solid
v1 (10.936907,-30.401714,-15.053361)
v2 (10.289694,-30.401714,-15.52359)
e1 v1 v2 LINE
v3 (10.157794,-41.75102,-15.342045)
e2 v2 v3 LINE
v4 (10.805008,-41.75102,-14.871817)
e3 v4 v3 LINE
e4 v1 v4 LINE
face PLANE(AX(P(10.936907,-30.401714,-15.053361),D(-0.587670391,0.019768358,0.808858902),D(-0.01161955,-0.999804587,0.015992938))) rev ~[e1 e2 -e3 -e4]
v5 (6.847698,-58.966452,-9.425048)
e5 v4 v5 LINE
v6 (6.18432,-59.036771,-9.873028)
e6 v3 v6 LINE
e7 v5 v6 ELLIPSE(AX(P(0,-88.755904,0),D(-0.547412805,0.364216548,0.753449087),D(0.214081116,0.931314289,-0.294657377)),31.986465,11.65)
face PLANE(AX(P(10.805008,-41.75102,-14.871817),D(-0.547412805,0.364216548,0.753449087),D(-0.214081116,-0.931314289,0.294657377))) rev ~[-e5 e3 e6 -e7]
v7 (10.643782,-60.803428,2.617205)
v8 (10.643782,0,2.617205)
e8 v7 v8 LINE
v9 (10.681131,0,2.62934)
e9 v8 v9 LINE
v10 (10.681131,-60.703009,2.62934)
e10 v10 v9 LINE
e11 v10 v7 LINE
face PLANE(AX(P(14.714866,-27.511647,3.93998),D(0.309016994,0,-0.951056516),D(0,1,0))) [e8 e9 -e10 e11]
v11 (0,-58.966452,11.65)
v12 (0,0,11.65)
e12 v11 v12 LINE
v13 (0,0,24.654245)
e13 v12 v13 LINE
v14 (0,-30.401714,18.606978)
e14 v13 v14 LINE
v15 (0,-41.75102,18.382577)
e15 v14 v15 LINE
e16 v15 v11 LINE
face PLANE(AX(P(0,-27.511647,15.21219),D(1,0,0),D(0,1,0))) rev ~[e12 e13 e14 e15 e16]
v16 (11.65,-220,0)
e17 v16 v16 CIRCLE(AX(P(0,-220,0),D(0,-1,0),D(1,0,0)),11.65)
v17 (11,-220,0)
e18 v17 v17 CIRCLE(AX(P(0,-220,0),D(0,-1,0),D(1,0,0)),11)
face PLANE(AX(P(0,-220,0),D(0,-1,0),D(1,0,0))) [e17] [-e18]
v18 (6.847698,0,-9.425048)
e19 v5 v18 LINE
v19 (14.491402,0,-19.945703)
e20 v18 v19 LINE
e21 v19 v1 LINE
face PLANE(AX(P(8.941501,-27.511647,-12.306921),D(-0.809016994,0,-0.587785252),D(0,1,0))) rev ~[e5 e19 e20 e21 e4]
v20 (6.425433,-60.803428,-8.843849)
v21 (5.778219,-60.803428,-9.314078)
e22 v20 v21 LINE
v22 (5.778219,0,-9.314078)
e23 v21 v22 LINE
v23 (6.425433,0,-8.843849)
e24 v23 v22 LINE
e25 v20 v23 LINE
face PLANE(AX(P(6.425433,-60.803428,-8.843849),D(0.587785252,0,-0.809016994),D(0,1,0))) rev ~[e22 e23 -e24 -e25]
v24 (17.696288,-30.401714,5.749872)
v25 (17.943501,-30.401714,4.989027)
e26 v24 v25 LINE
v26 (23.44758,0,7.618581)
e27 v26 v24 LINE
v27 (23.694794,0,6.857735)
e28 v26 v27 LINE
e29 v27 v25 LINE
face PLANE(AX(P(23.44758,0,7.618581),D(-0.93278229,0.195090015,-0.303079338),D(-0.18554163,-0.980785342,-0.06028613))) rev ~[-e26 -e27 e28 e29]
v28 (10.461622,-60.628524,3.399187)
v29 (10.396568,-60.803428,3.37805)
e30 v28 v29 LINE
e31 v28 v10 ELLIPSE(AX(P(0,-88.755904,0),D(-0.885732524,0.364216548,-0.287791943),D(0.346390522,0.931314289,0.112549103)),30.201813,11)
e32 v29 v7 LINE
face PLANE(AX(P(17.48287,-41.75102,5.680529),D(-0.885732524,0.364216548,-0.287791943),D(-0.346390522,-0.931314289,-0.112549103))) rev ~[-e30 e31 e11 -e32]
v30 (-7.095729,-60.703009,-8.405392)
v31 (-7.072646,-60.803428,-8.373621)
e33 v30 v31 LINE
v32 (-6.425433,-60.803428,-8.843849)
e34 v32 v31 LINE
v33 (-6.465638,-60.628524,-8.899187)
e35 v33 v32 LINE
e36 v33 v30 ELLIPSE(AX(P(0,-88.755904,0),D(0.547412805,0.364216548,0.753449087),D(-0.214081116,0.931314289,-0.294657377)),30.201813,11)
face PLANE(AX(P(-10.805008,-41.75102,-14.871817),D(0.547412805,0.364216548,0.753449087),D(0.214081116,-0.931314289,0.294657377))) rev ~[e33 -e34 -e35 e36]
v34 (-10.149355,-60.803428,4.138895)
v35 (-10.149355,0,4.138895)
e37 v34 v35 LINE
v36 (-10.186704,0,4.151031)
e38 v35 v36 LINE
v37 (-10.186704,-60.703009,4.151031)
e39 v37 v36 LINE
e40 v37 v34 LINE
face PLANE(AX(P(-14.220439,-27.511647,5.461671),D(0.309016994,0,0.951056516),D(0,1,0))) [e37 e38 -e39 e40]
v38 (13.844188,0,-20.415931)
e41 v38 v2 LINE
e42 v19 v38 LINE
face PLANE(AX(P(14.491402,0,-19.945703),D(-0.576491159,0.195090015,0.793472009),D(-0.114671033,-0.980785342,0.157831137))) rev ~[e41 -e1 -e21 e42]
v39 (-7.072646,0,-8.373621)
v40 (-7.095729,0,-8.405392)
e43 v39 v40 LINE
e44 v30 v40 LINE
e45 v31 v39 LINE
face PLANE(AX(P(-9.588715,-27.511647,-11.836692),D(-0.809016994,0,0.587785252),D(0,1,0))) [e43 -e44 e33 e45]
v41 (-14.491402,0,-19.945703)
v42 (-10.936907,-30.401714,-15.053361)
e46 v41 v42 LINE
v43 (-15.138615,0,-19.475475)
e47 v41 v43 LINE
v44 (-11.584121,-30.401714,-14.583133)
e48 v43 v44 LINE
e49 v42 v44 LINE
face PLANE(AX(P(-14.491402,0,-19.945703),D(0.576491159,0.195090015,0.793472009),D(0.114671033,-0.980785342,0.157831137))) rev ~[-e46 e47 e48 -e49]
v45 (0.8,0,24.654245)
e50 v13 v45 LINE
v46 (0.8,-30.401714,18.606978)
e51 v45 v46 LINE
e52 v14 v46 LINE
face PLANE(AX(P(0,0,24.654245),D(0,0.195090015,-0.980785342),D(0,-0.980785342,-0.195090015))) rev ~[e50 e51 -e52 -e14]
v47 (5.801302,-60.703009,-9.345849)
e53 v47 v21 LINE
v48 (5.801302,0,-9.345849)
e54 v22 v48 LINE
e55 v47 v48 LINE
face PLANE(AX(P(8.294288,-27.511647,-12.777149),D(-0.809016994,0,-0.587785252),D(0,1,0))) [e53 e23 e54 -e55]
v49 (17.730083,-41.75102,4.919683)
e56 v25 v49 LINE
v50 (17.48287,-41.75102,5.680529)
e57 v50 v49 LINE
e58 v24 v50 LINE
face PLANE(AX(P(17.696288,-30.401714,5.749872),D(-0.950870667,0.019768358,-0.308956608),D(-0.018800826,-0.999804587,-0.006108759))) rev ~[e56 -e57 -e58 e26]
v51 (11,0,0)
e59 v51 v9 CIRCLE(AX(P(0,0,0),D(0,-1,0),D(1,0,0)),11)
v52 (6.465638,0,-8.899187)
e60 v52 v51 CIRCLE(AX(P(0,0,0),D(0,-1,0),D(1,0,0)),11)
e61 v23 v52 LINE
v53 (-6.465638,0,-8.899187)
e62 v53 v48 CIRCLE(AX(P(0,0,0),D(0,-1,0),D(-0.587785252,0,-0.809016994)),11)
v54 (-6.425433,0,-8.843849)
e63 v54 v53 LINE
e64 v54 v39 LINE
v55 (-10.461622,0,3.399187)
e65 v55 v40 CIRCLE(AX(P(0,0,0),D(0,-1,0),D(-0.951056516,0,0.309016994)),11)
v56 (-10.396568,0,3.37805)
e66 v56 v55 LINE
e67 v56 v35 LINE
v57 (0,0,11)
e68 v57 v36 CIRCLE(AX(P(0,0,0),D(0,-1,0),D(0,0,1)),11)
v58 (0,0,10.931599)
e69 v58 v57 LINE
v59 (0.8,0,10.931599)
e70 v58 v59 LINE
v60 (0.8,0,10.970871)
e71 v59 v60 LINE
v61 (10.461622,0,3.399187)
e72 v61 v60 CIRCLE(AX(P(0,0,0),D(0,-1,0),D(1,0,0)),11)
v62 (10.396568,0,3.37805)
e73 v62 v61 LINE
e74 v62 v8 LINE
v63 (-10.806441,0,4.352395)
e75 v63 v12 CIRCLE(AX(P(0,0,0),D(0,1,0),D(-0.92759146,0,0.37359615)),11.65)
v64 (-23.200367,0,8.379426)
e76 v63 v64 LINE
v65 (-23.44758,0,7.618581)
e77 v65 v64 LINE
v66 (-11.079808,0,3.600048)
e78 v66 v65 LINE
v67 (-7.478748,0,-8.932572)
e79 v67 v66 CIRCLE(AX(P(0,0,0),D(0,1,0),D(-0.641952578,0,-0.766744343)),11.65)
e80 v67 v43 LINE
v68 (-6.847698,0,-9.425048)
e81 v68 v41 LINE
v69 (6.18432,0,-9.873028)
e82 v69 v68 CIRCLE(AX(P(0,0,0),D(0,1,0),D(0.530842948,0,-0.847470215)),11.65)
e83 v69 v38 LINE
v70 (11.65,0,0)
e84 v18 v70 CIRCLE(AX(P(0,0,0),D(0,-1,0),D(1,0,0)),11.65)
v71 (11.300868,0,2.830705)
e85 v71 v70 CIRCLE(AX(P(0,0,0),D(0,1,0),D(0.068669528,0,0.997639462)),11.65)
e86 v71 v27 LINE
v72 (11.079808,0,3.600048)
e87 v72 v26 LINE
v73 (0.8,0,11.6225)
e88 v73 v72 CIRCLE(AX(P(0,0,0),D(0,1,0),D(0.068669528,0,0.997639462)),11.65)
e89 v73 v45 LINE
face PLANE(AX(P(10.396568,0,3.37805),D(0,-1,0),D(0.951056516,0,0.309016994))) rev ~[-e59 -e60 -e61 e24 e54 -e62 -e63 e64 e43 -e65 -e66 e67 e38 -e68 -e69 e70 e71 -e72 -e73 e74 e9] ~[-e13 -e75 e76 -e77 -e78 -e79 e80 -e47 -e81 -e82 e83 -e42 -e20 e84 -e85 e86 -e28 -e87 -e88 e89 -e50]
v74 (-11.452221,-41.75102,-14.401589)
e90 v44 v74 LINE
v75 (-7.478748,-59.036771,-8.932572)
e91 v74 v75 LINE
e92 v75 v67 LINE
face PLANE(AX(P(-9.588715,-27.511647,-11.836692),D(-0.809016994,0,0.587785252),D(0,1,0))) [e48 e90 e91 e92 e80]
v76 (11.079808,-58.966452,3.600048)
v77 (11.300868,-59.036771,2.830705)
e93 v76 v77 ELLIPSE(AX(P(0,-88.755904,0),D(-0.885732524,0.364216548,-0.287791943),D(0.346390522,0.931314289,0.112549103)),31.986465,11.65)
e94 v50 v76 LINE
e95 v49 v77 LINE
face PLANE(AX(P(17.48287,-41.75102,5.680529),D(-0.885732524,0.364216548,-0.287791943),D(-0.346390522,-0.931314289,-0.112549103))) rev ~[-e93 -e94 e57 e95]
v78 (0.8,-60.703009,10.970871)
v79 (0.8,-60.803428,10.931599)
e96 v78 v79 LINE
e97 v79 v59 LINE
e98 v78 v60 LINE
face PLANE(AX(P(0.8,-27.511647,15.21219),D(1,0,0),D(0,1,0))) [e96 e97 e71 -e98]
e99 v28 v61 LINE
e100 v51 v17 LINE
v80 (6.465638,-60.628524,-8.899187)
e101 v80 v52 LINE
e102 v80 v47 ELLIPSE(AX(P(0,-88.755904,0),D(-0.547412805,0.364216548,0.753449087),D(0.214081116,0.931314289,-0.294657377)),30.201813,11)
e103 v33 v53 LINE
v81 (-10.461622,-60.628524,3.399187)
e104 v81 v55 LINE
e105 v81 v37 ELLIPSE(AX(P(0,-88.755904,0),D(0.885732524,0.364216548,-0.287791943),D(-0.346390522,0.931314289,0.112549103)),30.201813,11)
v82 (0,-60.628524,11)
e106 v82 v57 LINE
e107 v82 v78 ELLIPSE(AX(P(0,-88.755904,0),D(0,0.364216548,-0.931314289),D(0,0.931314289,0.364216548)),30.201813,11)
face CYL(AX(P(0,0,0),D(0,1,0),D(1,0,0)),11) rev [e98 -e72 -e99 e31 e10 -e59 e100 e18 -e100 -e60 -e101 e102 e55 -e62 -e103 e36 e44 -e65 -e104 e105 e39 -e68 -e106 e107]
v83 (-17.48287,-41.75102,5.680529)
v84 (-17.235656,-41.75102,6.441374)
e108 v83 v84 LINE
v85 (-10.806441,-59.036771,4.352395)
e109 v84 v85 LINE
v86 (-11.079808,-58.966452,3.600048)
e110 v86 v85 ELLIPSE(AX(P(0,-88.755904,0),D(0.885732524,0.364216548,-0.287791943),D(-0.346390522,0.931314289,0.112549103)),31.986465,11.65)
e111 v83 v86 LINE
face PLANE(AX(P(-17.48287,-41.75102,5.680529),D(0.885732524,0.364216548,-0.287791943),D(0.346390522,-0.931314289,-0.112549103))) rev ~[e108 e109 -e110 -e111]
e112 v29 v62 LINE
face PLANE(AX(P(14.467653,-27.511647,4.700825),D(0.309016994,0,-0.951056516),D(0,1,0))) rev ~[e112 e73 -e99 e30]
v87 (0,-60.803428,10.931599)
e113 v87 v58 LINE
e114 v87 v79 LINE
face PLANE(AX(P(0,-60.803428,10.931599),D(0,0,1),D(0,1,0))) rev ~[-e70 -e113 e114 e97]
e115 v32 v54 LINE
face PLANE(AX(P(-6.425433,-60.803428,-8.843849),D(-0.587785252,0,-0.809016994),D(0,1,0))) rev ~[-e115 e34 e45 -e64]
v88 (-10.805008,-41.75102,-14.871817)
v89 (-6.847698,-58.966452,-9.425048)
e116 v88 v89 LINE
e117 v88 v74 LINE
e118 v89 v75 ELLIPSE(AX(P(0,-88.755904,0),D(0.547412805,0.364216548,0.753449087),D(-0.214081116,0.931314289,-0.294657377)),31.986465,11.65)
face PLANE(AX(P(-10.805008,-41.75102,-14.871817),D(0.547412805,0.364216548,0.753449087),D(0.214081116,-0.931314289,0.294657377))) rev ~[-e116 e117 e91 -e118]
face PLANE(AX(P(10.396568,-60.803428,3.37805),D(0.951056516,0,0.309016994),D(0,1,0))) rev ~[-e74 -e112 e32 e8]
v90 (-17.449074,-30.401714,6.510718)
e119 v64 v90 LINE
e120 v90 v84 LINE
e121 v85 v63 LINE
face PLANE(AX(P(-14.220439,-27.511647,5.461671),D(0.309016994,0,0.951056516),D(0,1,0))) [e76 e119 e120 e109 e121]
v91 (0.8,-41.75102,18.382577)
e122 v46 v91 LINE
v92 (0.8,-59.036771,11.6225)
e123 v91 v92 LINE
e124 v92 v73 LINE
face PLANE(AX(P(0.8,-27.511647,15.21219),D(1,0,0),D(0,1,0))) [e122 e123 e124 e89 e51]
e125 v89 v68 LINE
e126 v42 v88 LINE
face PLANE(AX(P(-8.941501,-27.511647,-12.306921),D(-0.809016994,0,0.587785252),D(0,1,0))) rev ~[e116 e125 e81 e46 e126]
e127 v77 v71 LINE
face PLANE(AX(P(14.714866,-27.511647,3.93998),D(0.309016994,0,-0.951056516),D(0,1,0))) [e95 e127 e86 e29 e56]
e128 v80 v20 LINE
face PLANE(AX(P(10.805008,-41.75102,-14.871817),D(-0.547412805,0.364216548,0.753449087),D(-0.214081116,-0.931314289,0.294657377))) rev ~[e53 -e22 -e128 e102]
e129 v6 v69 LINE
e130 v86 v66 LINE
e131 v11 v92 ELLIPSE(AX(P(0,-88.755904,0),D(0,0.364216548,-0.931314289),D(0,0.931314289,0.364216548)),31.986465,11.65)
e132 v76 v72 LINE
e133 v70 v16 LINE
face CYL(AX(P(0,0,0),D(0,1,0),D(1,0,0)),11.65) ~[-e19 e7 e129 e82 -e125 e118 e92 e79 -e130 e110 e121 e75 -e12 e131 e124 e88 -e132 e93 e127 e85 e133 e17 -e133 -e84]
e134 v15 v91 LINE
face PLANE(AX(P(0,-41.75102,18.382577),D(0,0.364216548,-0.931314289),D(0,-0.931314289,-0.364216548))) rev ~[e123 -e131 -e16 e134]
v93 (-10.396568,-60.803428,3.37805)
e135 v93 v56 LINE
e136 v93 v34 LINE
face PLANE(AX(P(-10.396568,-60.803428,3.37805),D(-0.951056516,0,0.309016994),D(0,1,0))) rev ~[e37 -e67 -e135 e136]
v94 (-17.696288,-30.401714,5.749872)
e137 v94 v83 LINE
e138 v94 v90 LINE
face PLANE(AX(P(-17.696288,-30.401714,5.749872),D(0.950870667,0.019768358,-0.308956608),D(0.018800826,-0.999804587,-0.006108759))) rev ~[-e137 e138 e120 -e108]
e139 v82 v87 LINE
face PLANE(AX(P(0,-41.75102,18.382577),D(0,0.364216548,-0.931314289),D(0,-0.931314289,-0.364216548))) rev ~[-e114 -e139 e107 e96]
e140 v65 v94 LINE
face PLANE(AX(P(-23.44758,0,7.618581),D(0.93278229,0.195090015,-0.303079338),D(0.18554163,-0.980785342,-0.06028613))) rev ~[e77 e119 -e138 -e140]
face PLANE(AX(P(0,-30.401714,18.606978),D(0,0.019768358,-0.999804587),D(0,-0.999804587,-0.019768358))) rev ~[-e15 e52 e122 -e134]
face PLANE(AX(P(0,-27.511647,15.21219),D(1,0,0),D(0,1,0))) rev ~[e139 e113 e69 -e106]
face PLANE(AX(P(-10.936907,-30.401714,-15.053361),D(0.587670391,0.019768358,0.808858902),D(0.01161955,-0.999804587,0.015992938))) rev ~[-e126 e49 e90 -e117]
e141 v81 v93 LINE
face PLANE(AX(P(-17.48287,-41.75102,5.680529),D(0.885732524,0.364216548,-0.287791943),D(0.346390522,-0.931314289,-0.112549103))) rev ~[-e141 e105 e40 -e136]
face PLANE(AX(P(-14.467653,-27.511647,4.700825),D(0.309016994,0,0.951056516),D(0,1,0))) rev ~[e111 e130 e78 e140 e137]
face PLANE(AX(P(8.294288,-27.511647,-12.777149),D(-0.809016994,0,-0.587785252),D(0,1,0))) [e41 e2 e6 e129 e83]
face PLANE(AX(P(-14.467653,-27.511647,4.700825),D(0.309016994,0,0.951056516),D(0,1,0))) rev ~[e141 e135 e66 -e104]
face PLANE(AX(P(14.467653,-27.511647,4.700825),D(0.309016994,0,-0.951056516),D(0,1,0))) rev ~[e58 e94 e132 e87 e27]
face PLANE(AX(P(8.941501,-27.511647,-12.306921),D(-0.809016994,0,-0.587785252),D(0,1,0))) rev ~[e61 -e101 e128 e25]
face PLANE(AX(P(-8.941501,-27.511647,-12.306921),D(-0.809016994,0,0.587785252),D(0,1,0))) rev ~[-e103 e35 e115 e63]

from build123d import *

# Parameters (mm, degrees)
F0_R     = 11.65
F0_R_2   = 11
F1_DEPTH = 220
F3_DEPTH = 0.8
F4_COUNT = 5


with BuildPart() as f1:
    # F0 (on Front) → F1 (new body)
    with BuildSketch(Plane.XZ):
        Circle(F0_R)
        Circle(F0_R_2, mode=Mode.SUBTRACT)
    extrude(amount=F1_DEPTH)

    # F2 (on Right) → F3 (join)
    with BuildSketch(Plane.YZ):
        Polygon((-60.803428, 10.931599), (0, 10.931599), (0, 24.654245), (-30.401714, 18.606978), (-41.75102, 18.382577), align=None)
    extrude(amount=F3_DEPTH)

    # F4: F1 ×5 about axis
    f4_axis = Axis((0, 0, 0), (0, -1, 0))


with BuildPart() as f1_1:
    add(f1.part)
    for i in range(1, F4_COUNT):
        add(f1.part.rotate(f4_axis, i * 360 / F4_COUNT))


solid = f1_1.part
